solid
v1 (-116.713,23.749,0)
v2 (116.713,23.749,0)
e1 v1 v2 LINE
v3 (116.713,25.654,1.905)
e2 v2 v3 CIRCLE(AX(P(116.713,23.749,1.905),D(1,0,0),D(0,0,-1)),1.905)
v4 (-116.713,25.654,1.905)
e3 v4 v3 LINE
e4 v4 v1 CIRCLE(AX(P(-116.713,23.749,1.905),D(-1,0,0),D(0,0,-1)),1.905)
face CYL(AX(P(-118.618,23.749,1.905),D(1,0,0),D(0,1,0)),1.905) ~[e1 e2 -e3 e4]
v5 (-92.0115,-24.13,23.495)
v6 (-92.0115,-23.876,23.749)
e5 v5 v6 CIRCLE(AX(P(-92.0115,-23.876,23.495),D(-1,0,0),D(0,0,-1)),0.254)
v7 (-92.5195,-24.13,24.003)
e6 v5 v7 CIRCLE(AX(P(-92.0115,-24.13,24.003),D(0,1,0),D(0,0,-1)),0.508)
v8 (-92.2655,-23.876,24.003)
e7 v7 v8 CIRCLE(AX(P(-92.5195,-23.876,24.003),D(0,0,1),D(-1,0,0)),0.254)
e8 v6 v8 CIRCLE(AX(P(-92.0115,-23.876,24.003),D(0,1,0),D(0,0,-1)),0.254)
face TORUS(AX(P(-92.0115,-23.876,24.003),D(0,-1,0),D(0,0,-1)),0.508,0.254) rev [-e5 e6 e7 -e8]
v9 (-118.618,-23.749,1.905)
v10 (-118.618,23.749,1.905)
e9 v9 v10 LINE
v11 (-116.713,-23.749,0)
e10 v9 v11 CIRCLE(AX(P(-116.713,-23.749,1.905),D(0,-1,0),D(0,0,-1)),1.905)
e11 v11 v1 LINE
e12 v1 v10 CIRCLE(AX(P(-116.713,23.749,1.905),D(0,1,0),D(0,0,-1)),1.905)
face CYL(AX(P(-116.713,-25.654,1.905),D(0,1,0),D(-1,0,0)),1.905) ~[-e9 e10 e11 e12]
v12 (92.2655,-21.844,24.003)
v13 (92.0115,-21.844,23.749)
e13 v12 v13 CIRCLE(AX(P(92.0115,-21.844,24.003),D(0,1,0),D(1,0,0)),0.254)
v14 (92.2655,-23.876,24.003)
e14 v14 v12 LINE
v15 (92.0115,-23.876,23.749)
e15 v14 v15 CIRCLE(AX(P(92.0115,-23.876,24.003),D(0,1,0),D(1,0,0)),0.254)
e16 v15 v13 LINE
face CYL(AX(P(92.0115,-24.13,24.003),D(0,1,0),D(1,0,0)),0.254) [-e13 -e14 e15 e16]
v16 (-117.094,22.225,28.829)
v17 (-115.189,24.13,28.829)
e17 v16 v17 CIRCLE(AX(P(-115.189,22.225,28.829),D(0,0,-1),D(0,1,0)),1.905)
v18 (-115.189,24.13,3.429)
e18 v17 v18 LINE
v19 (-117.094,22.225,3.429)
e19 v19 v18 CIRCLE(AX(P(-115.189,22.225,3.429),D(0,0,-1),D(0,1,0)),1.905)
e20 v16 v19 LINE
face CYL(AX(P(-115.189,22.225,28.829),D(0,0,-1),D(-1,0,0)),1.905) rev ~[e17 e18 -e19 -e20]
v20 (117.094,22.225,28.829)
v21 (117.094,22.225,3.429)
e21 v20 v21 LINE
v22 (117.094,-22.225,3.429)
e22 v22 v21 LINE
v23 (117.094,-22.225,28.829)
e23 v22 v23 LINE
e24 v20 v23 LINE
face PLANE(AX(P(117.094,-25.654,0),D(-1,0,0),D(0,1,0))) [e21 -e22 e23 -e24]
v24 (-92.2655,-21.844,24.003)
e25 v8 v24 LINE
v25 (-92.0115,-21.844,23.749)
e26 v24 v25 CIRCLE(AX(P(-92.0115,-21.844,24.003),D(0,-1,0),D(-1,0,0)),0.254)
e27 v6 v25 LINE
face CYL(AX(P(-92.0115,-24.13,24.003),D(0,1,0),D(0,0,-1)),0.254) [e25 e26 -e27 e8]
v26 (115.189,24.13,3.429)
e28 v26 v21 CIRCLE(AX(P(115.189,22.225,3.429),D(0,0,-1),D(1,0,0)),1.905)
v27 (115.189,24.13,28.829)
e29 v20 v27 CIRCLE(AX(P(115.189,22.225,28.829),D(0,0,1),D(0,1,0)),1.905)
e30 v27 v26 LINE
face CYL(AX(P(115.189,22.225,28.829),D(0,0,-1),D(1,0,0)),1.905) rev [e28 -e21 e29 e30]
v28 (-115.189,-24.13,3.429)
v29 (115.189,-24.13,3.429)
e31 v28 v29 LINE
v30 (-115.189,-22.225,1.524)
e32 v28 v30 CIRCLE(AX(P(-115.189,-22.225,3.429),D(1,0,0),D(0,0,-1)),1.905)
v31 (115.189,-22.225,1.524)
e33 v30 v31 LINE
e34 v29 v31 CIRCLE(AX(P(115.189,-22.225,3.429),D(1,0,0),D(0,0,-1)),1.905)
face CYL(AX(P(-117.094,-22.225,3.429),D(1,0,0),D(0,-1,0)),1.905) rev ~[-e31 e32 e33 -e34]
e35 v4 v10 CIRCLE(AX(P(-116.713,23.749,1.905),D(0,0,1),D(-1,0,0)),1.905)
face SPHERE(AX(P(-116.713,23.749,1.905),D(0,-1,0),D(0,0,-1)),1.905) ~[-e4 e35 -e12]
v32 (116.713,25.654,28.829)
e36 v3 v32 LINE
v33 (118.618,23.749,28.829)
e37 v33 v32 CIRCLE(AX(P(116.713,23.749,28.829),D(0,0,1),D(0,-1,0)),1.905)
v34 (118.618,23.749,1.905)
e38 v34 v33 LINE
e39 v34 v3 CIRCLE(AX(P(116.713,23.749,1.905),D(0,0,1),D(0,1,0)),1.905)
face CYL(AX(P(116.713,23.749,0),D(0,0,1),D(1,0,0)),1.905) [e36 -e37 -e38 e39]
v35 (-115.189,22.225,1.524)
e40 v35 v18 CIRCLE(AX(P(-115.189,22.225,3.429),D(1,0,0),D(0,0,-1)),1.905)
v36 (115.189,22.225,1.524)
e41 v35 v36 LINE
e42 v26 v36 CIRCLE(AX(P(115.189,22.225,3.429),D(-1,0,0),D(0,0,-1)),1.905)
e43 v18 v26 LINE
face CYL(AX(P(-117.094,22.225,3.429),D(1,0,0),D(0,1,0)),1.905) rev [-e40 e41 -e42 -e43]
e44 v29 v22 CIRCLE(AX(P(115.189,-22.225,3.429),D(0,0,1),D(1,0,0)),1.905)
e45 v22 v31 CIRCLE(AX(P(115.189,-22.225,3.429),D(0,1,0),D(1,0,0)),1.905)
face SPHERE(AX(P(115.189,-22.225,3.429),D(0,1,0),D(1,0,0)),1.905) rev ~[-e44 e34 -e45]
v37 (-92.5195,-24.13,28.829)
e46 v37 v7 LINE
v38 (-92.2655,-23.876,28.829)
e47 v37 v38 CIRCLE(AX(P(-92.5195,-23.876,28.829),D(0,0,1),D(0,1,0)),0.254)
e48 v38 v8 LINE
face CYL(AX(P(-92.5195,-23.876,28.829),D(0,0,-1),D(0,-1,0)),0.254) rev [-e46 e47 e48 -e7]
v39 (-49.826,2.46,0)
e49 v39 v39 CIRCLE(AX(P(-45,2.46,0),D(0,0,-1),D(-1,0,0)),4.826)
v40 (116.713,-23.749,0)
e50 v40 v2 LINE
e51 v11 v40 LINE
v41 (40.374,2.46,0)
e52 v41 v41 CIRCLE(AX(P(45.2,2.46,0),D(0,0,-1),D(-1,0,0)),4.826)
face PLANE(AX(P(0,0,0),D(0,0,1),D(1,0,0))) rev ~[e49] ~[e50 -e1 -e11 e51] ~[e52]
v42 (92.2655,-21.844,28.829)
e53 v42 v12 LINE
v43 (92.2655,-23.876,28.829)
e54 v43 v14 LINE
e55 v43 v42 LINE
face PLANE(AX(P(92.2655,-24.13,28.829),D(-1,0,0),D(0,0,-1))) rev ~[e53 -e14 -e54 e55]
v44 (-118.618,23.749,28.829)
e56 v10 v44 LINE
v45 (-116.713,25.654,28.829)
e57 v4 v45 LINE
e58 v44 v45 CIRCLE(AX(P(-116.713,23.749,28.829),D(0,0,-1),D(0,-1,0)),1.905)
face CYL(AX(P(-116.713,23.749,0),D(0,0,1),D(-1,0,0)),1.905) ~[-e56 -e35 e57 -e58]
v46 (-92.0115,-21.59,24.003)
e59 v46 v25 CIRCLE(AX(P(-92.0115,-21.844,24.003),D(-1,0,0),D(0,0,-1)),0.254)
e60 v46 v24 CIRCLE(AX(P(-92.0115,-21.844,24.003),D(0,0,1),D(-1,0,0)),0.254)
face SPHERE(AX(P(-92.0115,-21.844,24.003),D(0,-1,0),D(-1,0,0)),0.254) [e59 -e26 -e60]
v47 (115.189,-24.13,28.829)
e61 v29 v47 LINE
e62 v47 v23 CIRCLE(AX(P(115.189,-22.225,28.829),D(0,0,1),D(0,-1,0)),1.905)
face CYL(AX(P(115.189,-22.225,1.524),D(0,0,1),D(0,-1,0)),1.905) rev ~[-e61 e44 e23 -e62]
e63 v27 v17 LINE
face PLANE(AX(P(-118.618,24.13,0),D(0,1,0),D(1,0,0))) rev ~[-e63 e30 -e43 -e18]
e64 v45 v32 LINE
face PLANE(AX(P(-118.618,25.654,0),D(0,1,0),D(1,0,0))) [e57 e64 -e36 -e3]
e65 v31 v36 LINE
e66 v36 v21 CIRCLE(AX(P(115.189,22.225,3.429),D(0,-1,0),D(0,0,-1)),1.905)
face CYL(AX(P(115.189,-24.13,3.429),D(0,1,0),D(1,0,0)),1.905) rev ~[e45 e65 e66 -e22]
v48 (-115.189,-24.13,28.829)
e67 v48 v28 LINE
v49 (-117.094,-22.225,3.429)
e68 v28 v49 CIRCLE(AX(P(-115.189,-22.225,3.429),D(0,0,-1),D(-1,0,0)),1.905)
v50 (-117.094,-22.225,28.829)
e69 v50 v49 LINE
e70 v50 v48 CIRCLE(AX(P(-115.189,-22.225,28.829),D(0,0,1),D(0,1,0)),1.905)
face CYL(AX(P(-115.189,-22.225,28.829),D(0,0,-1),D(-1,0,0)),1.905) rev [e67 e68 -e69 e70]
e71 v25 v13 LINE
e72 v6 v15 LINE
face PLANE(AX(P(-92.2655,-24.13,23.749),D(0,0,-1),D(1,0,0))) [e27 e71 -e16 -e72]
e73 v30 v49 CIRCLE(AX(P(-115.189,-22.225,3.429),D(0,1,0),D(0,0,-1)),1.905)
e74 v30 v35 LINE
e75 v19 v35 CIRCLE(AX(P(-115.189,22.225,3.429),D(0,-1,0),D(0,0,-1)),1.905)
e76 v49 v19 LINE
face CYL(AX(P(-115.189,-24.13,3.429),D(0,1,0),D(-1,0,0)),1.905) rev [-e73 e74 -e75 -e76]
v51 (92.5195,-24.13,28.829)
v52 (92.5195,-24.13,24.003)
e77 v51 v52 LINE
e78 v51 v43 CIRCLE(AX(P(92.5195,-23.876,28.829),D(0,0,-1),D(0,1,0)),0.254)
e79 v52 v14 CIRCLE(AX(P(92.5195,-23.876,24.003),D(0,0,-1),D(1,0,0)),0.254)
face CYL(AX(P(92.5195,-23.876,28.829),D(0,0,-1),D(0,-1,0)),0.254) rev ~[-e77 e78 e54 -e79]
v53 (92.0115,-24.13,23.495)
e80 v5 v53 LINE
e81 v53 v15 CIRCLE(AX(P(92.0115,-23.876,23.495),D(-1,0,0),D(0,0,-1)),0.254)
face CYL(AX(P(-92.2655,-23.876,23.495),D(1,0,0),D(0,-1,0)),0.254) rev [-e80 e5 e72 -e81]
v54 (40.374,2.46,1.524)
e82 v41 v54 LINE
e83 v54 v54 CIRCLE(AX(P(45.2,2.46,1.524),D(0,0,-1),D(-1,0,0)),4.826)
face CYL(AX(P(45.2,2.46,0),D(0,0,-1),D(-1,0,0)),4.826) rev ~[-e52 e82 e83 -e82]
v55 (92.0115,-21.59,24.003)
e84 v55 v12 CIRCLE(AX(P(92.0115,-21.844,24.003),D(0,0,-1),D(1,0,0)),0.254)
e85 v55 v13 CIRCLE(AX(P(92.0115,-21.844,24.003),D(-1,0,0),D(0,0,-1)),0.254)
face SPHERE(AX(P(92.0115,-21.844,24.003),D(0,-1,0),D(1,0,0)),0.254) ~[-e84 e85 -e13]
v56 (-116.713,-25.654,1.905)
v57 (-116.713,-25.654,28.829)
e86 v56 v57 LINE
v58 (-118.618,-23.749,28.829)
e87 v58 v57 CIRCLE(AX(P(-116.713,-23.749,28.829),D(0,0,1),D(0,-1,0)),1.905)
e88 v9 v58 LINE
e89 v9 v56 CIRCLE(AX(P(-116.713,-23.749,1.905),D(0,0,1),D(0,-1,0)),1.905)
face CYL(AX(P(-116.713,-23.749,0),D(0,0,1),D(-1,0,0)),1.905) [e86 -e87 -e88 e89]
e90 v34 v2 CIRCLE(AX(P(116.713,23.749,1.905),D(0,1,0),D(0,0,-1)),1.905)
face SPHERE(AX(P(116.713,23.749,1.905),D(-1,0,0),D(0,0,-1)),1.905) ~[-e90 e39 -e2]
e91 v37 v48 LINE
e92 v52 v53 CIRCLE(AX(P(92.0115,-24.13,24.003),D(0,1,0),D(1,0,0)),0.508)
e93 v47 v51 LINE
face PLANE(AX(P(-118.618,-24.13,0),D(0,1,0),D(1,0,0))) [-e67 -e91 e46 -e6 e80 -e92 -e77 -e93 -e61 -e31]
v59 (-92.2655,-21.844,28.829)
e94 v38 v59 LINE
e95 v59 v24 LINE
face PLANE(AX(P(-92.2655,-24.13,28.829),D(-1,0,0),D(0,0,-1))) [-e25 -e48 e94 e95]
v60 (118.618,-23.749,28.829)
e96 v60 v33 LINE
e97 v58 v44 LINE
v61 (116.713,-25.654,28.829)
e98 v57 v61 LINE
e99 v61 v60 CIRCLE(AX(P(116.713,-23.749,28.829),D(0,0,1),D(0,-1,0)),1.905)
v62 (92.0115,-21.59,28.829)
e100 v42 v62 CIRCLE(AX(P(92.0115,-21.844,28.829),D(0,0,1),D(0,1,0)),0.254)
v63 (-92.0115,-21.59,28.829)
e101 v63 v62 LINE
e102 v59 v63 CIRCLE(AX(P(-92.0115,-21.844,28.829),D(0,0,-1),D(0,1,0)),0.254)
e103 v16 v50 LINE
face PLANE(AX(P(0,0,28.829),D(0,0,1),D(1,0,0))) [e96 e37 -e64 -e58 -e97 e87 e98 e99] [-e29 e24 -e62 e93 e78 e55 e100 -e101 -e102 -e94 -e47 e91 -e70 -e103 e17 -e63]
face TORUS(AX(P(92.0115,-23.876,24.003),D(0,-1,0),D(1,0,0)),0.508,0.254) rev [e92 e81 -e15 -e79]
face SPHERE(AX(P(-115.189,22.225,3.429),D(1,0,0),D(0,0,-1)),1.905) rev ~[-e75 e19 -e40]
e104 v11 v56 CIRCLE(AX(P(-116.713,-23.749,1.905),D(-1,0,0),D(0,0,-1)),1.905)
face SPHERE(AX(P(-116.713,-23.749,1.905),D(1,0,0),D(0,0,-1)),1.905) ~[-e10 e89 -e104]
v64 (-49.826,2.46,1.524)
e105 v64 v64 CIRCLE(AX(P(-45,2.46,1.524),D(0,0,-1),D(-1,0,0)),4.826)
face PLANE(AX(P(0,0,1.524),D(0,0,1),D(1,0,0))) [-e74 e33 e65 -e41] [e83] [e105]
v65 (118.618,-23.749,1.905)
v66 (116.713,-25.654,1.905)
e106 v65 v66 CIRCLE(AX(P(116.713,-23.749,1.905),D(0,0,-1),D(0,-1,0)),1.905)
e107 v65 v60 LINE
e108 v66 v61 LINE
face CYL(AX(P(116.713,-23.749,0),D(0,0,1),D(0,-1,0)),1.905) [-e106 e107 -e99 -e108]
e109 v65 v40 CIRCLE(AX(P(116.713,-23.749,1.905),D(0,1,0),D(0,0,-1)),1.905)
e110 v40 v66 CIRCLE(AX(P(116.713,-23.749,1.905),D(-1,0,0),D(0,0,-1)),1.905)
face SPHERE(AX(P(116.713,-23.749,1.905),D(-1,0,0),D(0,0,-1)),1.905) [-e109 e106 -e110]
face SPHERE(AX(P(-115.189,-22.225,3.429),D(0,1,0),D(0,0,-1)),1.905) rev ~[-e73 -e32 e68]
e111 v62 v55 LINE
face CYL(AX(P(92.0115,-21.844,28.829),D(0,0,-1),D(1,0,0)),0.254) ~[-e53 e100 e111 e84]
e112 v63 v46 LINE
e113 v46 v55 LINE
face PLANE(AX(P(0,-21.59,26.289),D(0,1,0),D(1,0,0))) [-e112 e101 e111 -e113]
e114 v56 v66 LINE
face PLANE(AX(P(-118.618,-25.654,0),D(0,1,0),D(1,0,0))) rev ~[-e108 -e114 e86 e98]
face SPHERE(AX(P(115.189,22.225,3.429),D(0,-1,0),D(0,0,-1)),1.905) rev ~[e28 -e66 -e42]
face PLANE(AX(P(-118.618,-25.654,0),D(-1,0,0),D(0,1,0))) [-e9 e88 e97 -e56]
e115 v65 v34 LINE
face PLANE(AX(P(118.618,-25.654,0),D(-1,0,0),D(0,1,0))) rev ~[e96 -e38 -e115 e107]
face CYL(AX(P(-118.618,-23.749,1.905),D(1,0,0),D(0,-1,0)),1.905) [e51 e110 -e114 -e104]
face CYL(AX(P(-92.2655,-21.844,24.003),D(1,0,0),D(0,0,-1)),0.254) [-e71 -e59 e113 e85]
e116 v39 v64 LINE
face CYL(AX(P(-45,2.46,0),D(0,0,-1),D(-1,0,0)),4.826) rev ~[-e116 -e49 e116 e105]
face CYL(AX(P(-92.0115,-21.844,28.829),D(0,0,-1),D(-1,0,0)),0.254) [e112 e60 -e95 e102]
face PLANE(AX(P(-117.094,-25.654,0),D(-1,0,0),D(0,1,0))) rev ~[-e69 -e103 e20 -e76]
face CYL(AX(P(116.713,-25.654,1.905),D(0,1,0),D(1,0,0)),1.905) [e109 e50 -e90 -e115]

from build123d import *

# Parameters (mm, degrees)
SKETCH1_W           = 237.236
SKETCH1_H           = 51.308
BOSS_EXTRUDE1_DEPTH = 28.829
SHELL1_T            = -1.524
FILLET1_R           = 1.905
FILLET2_R           = 1.905
SKETCH2_R           = 4.826
CUT_EXTRUDE1_DEPTH  = 2.54
SKETCH3_W           = 184.531
SKETCH3_H           = 5.08
BOSS_EXTRUDE2_DEPTH = 2.54
FILLET3_R           = 0.254


with BuildPart() as part:
    # Sketch1 → Boss-Extrude1 (new body)
    with BuildSketch(Plane.XY):
        Rectangle(SKETCH1_W, SKETCH1_H)
    extrude(amount=BOSS_EXTRUDE1_DEPTH)

    # Shell1
    shell1_openings = [part.faces().sort_by_distance(p)[0] for p in [
        (0, 0, 28.829),
    ]]
    offset(amount=SHELL1_T, openings=shell1_openings, kind=Kind.INTERSECTION)

    # Fillet1
    fillet1_edges = [part.edges().sort_by_distance(p)[0] for p in [
        (117.094, 0, 1.524),
        (117.094, -24.13, 15.1765),
        (0, 24.13, 1.524),
        (117.094, 24.13, 15.1765),
        (-117.094, 0, 1.524),
        (-117.094, 24.13, 15.1765),
        (0, -24.13, 1.524),
        (-117.094, -24.13, 15.1765),
    ]]
    fillet(fillet1_edges, radius=FILLET1_R)

    # Fillet2
    fillet2_edges = [part.edges().sort_by_distance(p)[0] for p in [
        (0, -25.654, 0),
        (-118.618, 0, 0),
        (0, 25.654, 0),
        (118.618, 0, 0),
        (118.618, -25.654, 14.4145),
        (-118.618, -25.654, 14.4145),
        (-118.618, 25.654, 14.4145),
        (118.618, 25.654, 14.4145),
    ]]
    fillet(fillet2_edges, radius=FILLET2_R)

    # Sketch2 → Cut-Extrude1 (cut)
    with BuildSketch(Plane(origin=(0, 0, 0), x_dir=(-1, 0, 0), z_dir=(0, 0, -1))):
        with Locations((-45.2, 2.46)):
            Circle(SKETCH2_R)
        with Locations((45, 2.46)):
            Circle(SKETCH2_R)
    extrude(amount=-CUT_EXTRUDE1_DEPTH, mode=Mode.SUBTRACT)

    # Sketch3 → Boss-Extrude2 (add)
    with BuildSketch(Plane(origin=(0, -24.13, 0), x_dir=(1, 0, 0), z_dir=(0, 1, 0))):
        with Locations((0, -26.289)):
            Rectangle(SKETCH3_W, SKETCH3_H)
    extrude(amount=BOSS_EXTRUDE2_DEPTH)

    # Fillet3
    fillet3_edges = [part.edges().sort_by_distance(p)[0] for p in [
        (-92.2655, -24.13, 26.289),
        (-92.2655, -22.86, 23.749),
        (92.2655, -24.13, 26.289),
        (0, -24.13, 23.749),
        (92.2655, -22.86, 23.749),
        (-92.2655, -21.59, 26.289),
        (92.2655, -21.59, 26.289),
        (0, -21.59, 23.749),
    ]]
    fillet(fillet3_edges, radius=FILLET3_R)


solid = part.part
